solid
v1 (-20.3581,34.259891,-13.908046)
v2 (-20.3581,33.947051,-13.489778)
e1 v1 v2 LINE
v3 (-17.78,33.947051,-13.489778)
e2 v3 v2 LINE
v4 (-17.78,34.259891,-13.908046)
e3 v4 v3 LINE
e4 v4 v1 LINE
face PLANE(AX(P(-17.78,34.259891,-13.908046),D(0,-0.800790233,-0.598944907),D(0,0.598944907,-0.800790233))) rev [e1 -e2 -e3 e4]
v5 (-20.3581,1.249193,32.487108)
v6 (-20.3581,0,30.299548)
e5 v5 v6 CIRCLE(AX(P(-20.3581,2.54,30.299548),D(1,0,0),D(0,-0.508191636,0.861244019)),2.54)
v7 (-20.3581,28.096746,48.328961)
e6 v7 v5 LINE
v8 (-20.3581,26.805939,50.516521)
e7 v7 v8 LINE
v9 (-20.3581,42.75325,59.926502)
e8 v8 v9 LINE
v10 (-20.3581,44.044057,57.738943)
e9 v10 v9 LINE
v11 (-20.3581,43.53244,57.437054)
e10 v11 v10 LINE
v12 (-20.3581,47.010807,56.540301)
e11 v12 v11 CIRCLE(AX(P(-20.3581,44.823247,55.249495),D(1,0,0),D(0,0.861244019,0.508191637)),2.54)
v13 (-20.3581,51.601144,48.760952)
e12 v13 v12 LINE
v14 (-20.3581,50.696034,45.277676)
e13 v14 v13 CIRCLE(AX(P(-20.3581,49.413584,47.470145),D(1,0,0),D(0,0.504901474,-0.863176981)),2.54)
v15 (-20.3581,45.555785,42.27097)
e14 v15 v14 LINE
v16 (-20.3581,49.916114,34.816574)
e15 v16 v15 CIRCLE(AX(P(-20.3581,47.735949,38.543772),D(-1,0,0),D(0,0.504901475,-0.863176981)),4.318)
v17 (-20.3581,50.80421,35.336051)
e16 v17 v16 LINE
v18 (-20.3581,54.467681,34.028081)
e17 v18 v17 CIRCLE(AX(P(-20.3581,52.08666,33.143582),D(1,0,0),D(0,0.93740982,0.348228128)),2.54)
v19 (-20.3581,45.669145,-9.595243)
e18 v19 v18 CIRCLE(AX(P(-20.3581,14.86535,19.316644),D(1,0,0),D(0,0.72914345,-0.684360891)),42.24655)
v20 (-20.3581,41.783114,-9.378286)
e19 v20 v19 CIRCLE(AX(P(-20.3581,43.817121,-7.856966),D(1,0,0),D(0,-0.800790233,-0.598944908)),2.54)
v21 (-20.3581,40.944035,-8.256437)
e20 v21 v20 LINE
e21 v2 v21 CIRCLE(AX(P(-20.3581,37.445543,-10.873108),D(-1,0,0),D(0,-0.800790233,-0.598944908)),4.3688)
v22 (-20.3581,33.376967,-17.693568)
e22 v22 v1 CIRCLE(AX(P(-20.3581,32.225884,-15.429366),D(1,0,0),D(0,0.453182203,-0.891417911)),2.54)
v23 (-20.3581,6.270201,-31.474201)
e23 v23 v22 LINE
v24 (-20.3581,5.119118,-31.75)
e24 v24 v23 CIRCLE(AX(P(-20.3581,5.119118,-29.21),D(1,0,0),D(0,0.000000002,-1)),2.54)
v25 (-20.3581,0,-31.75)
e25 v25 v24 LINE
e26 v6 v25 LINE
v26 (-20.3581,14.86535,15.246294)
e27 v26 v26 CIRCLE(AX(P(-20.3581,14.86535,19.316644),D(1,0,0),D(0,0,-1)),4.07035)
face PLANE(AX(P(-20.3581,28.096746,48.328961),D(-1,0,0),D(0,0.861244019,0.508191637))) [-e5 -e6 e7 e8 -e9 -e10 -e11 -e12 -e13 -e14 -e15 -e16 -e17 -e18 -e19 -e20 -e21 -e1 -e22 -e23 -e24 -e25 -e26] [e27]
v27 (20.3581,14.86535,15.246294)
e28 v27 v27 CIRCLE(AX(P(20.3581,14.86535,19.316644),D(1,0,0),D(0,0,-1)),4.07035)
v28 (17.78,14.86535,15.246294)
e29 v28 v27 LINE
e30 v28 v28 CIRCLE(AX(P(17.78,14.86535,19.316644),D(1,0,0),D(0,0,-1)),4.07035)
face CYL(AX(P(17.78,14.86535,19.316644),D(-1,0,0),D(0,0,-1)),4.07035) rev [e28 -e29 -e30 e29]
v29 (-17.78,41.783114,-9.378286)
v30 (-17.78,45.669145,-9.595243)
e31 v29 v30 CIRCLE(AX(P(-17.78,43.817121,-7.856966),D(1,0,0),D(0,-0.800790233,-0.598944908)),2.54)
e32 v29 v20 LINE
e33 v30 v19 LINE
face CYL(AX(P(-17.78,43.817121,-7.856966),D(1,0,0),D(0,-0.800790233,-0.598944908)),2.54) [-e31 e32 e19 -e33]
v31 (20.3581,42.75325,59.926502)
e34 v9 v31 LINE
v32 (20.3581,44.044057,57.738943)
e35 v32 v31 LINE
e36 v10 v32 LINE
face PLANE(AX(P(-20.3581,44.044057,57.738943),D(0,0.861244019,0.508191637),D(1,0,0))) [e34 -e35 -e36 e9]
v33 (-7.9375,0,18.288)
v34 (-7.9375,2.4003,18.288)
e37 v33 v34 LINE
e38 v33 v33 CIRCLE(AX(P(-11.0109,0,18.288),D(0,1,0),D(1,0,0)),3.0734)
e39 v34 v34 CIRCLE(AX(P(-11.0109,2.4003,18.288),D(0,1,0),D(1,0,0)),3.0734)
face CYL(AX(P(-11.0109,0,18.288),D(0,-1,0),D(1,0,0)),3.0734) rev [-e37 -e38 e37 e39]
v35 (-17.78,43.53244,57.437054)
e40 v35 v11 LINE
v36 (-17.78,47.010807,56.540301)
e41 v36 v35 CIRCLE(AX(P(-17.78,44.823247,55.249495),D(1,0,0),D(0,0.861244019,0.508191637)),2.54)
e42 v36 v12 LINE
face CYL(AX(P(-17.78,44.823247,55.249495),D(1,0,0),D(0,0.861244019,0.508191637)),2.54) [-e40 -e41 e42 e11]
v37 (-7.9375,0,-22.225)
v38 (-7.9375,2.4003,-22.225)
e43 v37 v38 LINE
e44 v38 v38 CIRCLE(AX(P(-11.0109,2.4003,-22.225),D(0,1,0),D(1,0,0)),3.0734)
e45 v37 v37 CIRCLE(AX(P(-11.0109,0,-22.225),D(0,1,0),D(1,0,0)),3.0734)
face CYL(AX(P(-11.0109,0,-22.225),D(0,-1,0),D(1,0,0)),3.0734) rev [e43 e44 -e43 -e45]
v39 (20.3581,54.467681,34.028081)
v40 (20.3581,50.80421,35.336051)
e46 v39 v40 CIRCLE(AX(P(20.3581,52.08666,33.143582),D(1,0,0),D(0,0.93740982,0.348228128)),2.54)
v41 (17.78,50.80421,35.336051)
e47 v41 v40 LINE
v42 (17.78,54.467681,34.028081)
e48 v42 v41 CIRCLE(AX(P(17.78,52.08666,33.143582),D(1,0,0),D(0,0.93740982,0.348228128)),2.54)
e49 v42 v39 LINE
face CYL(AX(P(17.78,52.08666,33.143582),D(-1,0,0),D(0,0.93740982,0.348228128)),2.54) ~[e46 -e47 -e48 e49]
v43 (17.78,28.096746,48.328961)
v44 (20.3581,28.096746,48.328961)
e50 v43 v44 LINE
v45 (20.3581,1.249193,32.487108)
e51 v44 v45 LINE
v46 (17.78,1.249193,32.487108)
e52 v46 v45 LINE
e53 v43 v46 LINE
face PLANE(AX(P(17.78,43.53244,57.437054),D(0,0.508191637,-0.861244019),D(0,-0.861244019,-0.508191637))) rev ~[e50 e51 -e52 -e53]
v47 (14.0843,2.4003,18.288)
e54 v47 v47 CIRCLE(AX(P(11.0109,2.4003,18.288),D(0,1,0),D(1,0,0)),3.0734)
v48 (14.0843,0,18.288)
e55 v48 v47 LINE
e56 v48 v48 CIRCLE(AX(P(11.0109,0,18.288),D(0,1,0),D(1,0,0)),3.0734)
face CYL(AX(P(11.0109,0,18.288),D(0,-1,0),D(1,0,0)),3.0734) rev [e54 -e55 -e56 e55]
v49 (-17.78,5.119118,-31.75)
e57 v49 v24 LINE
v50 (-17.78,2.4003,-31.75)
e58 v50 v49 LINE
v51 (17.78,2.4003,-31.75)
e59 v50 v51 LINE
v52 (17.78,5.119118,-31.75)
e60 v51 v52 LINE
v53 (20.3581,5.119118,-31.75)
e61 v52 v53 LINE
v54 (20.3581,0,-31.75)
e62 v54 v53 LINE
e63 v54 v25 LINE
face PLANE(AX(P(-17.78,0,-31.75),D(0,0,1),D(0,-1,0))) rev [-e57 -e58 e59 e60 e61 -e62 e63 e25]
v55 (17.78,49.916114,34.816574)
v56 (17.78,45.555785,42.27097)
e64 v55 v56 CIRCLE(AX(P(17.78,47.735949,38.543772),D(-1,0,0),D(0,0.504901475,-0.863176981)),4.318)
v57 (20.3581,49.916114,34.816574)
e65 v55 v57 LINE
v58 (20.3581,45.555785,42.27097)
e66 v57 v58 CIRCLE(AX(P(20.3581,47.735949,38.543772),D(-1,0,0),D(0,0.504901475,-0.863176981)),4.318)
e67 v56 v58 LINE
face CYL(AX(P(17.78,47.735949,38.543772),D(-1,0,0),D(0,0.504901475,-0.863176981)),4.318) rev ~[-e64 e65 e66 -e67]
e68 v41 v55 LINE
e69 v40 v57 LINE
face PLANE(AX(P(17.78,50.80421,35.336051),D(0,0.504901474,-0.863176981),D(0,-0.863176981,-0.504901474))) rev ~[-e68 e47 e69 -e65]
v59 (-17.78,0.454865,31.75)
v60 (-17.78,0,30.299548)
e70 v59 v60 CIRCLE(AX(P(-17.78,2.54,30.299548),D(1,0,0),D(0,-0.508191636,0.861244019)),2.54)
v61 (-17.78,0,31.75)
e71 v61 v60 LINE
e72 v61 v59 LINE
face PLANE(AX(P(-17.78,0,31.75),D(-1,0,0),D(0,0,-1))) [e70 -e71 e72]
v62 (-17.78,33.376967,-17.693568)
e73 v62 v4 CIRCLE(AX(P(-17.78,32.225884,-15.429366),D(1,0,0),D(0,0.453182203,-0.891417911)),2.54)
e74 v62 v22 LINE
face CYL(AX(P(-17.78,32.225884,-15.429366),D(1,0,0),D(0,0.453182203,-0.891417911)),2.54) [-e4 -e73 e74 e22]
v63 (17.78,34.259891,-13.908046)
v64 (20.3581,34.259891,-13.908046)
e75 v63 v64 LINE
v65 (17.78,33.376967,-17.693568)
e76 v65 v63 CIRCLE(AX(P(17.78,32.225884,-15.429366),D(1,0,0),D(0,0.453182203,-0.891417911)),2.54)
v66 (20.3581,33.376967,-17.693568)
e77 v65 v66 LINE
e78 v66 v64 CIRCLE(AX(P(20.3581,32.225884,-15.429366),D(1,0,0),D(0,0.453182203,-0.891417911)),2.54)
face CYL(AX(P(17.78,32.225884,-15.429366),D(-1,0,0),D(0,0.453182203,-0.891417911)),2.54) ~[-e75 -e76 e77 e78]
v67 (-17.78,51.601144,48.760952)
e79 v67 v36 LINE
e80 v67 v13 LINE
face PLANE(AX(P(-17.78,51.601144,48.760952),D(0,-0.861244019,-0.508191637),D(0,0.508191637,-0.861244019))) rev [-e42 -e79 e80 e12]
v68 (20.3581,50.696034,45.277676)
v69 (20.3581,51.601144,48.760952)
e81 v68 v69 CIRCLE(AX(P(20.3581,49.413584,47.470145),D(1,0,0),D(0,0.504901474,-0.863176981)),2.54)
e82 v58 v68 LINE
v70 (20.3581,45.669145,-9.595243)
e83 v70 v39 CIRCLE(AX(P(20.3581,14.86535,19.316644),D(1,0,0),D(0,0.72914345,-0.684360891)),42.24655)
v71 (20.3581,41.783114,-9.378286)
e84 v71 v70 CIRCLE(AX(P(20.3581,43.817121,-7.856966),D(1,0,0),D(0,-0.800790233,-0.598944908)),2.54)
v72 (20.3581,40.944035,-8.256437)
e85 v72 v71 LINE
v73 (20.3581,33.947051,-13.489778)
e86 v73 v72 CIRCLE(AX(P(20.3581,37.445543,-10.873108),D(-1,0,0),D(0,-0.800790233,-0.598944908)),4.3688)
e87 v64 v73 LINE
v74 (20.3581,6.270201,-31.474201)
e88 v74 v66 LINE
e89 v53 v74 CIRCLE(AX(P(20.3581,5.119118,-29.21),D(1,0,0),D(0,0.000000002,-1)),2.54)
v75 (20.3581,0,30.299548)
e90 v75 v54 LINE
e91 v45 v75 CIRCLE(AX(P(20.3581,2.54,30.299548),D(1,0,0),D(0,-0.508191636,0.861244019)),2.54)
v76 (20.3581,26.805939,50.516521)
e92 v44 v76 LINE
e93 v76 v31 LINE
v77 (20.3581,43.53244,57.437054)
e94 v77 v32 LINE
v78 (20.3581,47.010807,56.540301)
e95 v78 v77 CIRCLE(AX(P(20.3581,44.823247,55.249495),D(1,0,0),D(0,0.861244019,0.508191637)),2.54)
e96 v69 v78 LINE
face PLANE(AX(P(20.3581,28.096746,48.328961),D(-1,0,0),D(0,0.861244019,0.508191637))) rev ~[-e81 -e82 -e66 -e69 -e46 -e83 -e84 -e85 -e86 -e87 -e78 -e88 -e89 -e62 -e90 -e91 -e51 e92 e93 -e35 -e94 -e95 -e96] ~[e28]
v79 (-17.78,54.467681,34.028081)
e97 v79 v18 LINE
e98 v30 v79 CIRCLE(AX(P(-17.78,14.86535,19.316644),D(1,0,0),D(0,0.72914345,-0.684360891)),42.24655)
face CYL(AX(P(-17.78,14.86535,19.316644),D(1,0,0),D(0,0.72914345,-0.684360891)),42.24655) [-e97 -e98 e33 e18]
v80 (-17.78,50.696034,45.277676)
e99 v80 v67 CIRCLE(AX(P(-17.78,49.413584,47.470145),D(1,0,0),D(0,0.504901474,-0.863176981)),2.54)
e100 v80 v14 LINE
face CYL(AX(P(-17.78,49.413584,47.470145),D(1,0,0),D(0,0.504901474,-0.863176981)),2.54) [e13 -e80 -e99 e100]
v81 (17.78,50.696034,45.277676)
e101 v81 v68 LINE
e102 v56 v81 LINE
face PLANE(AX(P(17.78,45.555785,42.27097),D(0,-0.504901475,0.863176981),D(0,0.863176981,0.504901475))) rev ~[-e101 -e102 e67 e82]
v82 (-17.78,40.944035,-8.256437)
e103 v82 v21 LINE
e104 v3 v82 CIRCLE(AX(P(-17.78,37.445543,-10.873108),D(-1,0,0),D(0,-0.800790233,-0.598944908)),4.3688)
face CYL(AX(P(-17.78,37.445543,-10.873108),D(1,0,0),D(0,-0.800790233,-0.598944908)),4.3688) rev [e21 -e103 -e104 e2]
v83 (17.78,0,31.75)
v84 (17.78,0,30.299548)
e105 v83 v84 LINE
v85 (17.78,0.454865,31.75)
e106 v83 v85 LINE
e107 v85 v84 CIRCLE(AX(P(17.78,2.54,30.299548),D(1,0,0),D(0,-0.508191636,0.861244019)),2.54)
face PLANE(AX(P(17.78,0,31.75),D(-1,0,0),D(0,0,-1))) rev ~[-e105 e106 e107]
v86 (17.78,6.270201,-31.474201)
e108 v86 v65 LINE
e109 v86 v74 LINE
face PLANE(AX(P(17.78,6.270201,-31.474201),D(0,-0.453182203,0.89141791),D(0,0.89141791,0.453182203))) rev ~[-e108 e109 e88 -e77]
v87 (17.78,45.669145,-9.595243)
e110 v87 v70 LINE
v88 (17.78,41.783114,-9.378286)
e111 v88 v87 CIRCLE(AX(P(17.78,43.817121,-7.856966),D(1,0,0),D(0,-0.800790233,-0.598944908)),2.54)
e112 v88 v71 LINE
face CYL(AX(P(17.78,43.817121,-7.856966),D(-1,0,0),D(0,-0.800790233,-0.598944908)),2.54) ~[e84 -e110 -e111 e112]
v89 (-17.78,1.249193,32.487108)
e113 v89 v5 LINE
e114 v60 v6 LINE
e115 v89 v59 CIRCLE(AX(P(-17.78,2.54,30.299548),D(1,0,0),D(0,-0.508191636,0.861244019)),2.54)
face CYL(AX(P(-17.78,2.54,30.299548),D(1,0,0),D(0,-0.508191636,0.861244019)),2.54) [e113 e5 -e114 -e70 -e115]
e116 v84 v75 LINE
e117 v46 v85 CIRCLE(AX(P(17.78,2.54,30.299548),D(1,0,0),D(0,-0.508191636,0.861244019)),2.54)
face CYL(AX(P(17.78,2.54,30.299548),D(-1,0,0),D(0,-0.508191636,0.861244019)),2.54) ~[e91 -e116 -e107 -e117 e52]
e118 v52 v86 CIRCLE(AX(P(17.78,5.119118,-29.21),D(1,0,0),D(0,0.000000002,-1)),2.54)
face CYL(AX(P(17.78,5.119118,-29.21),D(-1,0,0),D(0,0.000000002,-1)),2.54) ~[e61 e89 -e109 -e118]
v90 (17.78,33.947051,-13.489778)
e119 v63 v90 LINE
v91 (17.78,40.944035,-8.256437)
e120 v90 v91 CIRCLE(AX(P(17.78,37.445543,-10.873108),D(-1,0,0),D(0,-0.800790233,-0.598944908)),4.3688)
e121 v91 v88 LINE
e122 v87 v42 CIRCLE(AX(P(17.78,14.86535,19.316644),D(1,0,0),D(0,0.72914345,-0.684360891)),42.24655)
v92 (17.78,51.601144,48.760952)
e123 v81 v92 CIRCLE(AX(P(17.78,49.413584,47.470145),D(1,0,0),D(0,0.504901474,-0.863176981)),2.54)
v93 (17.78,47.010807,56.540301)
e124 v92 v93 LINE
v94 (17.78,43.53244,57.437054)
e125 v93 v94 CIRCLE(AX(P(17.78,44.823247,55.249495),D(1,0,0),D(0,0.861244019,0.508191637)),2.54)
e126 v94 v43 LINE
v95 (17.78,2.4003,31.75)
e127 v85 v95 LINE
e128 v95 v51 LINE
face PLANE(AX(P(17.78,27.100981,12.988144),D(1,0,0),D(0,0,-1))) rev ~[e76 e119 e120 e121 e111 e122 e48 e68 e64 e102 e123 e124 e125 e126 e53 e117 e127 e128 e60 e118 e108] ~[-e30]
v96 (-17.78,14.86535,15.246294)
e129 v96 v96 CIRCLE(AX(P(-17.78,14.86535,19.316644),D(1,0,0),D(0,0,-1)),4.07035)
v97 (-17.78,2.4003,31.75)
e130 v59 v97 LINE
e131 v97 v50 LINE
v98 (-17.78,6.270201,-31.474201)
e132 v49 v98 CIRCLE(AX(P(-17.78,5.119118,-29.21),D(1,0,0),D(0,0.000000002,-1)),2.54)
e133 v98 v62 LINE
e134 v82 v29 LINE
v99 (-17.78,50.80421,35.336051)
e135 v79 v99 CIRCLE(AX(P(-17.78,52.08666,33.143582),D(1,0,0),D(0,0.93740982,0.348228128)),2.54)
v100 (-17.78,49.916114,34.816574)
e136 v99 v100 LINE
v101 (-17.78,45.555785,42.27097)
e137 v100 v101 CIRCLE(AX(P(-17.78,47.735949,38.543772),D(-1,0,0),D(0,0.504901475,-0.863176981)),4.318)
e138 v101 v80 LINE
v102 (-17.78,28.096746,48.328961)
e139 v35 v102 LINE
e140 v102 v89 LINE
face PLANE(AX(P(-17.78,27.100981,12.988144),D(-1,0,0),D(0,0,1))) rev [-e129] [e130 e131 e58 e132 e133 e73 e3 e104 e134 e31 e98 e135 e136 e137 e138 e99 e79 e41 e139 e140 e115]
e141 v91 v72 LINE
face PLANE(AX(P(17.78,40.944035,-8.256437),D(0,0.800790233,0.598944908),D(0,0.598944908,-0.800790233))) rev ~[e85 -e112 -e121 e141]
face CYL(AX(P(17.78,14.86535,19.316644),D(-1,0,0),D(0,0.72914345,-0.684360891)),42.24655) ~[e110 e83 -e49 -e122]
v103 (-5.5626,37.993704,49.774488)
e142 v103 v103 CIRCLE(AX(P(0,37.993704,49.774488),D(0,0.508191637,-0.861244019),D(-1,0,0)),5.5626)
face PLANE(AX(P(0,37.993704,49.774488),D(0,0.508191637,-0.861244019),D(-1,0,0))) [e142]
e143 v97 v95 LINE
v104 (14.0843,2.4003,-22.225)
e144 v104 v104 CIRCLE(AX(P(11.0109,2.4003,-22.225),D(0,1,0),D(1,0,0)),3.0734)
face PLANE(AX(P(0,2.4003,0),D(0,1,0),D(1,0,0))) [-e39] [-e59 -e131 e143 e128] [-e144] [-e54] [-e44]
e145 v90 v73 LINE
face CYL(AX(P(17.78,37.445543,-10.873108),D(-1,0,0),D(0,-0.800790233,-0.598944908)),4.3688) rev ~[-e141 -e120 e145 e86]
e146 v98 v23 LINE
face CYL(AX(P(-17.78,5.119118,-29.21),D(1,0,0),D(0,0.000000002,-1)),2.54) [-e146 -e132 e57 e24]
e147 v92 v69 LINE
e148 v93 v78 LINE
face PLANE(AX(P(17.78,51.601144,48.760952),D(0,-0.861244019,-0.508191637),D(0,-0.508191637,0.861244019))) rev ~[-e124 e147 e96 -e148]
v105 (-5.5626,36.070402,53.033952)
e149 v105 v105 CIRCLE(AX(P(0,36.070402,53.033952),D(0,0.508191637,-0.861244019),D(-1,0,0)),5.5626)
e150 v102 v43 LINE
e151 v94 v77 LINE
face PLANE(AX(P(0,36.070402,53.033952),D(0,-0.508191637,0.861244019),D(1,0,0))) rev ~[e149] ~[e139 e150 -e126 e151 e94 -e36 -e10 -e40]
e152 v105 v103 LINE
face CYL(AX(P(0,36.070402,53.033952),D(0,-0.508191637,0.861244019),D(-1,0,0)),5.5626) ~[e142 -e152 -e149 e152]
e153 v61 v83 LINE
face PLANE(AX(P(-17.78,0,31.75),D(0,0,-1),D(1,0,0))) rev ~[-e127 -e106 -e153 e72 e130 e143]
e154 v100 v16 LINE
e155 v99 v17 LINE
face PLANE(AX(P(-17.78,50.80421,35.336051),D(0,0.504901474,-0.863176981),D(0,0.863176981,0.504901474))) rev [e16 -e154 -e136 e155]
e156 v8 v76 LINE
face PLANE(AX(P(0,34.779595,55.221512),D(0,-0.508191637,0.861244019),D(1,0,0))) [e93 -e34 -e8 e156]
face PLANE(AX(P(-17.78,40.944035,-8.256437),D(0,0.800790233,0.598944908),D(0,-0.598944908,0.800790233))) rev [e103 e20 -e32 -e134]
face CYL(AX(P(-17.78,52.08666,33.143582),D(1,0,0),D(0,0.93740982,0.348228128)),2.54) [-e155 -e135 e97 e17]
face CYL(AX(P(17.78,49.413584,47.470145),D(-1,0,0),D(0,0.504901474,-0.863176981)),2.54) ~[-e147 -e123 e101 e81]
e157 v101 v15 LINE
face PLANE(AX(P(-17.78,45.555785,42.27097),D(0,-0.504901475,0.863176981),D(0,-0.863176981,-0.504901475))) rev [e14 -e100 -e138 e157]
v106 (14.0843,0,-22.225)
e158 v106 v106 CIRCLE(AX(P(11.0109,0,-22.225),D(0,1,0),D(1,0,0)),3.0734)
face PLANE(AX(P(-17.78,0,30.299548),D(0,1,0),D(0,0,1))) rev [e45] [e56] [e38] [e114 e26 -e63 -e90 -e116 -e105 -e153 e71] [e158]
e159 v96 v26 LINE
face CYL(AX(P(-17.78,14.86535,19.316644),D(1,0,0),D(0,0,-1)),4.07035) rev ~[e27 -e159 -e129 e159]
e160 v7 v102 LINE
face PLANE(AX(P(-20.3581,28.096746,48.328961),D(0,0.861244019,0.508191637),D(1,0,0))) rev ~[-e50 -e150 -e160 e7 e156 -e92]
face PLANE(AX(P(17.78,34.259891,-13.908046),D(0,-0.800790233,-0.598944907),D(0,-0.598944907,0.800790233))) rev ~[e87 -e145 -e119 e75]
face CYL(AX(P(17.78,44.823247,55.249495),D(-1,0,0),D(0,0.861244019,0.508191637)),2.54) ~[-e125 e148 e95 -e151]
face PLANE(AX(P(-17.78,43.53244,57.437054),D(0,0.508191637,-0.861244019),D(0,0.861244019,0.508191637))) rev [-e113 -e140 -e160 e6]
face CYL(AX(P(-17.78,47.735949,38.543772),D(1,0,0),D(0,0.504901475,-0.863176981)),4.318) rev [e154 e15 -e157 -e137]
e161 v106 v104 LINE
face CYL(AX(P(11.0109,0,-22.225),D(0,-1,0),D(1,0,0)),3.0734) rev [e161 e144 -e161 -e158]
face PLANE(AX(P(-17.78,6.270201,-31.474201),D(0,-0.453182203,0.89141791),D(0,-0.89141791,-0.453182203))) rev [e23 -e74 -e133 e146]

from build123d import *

# Parameters (mm, degrees)
SKETCH1_W           = 35.56
SKETCH1_H           = 63.5
SKETCH1_R           = 3.0734
BOSS_EXTRUDE1_DEPTH = 2.4003
SKETCH2_R           = 4.07035
BOSS_EXTRUDE2_DEPTH = 2.5781
SKETCH3_W           = 40.7162
SKETCH3_H           = 18.5166
BOSS_EXTRUDE3_DEPTH = 2.54
SKETCH4_R           = 5.5626
BOSS_EXTRUDE4_DEPTH = 3.7846


with BuildPart() as part:
    # Sketch1 → Boss-Extrude1 (new body)
    with BuildSketch(Plane(origin=(0, 0, 0), x_dir=(1, 0, 0), z_dir=(0, 1, 0))):
        Rectangle(SKETCH1_W, SKETCH1_H)
        with Locations((-11.0109, 22.225)):
            Circle(SKETCH1_R, mode=Mode.SUBTRACT)
        with Locations((-11.0109, -18.288)):
            Circle(SKETCH1_R, mode=Mode.SUBTRACT)
        with Locations((11.0109, -18.288)):
            Circle(SKETCH1_R, mode=Mode.SUBTRACT)
        with Locations((11.0109, 22.225)):
            Circle(SKETCH1_R, mode=Mode.SUBTRACT)
    extrude(amount=BOSS_EXTRUDE1_DEPTH)

    # Sketch2 → Boss-Extrude2 (add)
    with BuildSketch(Plane(origin=(17.78, 0, 0), x_dir=(0, 0, -1), z_dir=(1, 0, 0))):
        with BuildLine():
            Line((31.75, 0), (31.75, 5.119118053))
            ThreePointArc((31.75, 5.119118053), (31.680088236, 5.710949198), (31.474201493, 6.270200848))
            Line((31.474201493, 6.270200848), (17.693567666, 33.376966591))
            ThreePointArc((17.693567666, 33.376966591), (16.006303844, 34.699493087), (13.908046107, 34.259890987))
            Line((13.908046107, 34.259890987), (13.489778208, 33.947050723))
            ThreePointArc((13.489778208, 33.947050723), (7.374615324, 34.828872577), (8.256437178, 40.944035461))
            Line((8.256437178, 40.944035461), (9.378285973, 41.783113656))
            ThreePointArc((9.378285973, 41.783113656), (10.39301658, 43.675533493), (9.59524257, 45.66914521))
            ThreePointArc((9.59524257, 45.66914521), (-10.963994808, 56.277959645), (-34.028081087, 54.467680828))
            ThreePointArc((-34.028081087, 54.467680828), (-35.535691357, 52.940715566), (-35.336051172, 50.80421014))
            Line((-35.336051172, 50.80421014), (-34.816573654, 49.916114029))
            ThreePointArc((-34.816573654, 49.916114029), (-36.36360729, 44.008751256), (-42.270970063, 45.555784893))
            Line((-42.270970063, 45.555784893), (-45.277675805, 50.696033664))
            ThreePointArc((-45.277675805, 50.696033664), (-46.831353511, 51.871946179), (-48.760952094, 51.601143727))
            Line((-48.760952094, 51.601143727), (-56.540301411, 47.010806757))
            ThreePointArc((-56.540301411, 47.010806757), (-57.70907124, 45.457347112), (-57.437054463, 43.532440191))
            Line((-57.437054463, 43.532440191), (-32.487107654, 1.249193243))
            ThreePointArc((-32.487107654, 1.249193243), (-31.559101504, 0.334297259), (-30.299547846, 0))
            Line((-30.299547846, 0), (31.75, 0))
        make_face()
        with Locations((-19.316644044, 14.86535)):
            Circle(SKETCH2_R, mode=Mode.SUBTRACT)
    boss_extrude2 = extrude(amount=BOSS_EXTRUDE2_DEPTH)

    # Mirror1: Boss-Extrude2 across plane
    add(boss_extrude2.mirror(Plane.ZY))

    # Sketch3 → Boss-Extrude3 (add)
    with BuildSketch(Plane(origin=(0, -13.896244991, 23.550285021), x_dir=(1, 0, 0), z_dir=(0, -0.508191637, 0.861244019))):
        with Locations((0, 58.016828481)):
            Rectangle(SKETCH3_W, SKETCH3_H)
    extrude(amount=BOSS_EXTRUDE3_DEPTH)

    # Sketch4 → Boss-Extrude4 (add)
    with BuildSketch(Plane(origin=(0, -13.896244991, 23.550285021), x_dir=(-1, 0, 0), z_dir=(0, 0.508191637, -0.861244019))):
        with Locations((0, 58.016828481)):
            Circle(SKETCH4_R)
    extrude(amount=BOSS_EXTRUDE4_DEPTH)


solid = part.part
